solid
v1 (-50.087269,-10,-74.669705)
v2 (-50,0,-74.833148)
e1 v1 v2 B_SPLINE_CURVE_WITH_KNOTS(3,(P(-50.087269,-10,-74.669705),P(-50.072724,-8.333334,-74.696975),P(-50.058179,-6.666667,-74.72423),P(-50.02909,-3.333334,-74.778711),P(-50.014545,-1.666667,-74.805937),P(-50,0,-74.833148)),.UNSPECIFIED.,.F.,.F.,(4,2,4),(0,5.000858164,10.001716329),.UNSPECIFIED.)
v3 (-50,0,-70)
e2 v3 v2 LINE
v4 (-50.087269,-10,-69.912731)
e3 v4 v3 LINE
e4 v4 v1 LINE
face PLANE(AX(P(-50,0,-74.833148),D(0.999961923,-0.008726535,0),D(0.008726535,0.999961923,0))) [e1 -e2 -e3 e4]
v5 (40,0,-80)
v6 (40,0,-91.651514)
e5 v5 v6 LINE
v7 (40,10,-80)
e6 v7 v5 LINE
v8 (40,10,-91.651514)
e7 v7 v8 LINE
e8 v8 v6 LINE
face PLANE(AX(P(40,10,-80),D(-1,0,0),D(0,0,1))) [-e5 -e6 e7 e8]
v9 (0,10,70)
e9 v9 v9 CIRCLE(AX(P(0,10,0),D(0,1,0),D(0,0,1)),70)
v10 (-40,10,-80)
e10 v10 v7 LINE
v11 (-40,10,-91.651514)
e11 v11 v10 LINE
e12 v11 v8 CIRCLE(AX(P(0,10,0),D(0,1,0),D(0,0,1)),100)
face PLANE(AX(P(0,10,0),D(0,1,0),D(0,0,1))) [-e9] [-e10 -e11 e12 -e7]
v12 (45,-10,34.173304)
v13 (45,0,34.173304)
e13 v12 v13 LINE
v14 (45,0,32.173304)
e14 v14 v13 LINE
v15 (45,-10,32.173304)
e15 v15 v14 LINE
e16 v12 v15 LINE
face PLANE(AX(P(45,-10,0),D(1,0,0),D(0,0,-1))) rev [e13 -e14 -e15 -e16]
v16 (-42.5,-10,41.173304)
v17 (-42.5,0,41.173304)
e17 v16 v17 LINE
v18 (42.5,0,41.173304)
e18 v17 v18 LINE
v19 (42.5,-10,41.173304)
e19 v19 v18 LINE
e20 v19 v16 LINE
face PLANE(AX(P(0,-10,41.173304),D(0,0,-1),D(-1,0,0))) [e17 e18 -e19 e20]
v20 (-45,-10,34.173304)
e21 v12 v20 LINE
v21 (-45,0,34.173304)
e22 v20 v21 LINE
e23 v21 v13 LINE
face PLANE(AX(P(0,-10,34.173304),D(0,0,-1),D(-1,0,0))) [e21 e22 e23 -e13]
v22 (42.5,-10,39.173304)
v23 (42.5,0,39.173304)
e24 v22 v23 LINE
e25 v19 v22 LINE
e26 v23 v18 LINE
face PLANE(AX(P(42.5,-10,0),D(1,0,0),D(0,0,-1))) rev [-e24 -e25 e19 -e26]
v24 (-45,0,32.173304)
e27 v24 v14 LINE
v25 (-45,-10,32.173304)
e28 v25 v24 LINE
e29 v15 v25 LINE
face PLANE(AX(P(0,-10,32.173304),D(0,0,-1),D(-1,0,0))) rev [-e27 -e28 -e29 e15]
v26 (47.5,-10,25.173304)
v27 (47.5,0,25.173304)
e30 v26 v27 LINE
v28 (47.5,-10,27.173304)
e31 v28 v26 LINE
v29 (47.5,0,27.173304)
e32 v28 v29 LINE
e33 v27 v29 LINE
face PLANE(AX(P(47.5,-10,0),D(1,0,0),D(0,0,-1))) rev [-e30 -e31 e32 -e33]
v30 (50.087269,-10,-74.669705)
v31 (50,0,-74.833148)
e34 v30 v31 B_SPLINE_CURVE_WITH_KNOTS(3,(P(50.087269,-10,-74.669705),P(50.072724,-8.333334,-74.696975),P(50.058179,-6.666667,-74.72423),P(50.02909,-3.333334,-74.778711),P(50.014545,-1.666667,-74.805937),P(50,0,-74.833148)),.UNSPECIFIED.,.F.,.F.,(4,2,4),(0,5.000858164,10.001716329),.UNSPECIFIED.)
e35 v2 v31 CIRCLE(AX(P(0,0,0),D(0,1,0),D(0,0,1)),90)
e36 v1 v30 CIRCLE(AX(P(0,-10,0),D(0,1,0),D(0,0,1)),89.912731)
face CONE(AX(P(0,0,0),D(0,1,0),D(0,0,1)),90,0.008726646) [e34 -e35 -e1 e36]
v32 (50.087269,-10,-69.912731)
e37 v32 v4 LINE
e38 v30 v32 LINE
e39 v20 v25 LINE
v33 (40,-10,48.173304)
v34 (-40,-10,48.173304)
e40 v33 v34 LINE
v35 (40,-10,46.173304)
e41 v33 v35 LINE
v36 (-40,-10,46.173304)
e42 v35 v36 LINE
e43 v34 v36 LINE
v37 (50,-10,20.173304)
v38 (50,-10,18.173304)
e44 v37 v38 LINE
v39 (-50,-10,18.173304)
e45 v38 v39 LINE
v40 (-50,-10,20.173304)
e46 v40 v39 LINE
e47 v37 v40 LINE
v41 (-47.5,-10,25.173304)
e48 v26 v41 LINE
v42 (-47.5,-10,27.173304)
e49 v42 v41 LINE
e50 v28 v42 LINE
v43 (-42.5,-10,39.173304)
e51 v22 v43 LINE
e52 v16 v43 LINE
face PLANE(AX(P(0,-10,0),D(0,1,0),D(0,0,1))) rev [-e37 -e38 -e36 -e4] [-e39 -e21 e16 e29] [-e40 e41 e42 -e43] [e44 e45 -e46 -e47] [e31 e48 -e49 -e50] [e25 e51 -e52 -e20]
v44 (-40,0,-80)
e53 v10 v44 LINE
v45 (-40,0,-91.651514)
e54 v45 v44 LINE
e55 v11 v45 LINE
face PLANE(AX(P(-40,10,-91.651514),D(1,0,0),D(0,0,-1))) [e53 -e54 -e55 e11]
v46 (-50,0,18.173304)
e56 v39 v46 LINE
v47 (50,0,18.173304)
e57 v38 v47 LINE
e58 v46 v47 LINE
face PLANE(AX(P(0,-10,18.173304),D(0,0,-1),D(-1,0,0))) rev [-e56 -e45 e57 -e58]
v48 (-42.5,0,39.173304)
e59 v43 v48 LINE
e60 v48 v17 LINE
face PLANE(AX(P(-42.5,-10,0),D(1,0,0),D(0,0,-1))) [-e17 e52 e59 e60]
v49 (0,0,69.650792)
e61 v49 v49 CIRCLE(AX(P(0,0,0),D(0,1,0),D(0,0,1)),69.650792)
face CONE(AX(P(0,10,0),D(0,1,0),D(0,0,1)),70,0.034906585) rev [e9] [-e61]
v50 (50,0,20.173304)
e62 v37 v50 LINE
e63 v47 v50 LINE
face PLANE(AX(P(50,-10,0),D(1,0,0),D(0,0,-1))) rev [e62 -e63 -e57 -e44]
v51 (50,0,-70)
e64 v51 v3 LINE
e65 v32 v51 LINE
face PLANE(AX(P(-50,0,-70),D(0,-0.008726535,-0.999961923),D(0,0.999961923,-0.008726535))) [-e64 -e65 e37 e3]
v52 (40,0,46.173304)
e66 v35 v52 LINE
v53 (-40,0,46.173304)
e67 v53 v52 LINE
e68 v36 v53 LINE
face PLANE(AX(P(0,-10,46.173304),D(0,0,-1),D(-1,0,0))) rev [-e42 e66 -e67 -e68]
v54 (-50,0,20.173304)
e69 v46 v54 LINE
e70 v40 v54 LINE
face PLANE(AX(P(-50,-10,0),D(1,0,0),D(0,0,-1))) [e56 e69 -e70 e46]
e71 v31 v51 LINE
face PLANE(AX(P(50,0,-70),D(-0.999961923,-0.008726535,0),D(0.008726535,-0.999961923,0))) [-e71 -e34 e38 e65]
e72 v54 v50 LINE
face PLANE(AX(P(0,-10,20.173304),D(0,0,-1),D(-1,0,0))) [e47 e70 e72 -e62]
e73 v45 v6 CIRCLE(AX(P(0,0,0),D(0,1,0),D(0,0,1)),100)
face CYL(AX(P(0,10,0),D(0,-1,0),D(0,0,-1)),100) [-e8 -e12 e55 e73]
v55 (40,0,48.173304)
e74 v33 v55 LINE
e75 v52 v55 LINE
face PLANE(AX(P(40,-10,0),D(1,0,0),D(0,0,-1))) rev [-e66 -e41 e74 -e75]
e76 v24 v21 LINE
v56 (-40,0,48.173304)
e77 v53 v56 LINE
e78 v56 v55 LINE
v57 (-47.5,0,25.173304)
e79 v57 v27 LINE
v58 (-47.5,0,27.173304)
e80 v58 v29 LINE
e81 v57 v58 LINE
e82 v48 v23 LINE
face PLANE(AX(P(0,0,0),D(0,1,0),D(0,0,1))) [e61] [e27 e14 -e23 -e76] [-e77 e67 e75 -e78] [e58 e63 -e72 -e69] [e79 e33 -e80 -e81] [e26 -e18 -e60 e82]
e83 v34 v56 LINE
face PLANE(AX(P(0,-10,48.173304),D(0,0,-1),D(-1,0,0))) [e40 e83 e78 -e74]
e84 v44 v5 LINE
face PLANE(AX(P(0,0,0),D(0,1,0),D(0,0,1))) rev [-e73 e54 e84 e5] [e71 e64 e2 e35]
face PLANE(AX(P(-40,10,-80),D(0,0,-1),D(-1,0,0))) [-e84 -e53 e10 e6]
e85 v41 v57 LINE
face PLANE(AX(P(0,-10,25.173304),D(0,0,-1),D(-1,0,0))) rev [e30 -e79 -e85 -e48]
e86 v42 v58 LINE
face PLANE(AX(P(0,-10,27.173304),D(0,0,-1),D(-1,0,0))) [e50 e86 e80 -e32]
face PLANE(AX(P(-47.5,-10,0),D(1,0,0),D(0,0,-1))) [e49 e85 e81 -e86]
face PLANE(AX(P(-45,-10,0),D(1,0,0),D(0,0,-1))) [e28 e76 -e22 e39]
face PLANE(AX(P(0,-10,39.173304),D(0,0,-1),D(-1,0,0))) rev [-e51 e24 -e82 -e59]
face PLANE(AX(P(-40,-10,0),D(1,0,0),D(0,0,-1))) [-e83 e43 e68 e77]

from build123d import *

# Parameters (mm, degrees)
BOSS_EXTRUDE1_DEPTH = 10
BOSS_EXTRUDE1_DRAFT = -0.5
BOSS_EXTRUDE2_DEPTH = 10
SKETCH3_W           = 100
SKETCH3_H           = 2
SKETCH3_W_2         = 95
SKETCH3_W_3         = 90
SKETCH3_W_4         = 85
SKETCH3_W_5         = 80
CUT_EXTRUDE1_DEPTH  = 143.828568571
SKETCH4_R           = 70
CUT_EXTRUDE2_DEPTH  = 10
CUT_EXTRUDE2_DRAFT  = -2


with BuildPart() as part:
    # Sketch1 → Boss-Extrude1 (with draft: the straight prism first)
    with BuildSketch(Plane(origin=(0, 0, 0), x_dir=(1, 0, 0), z_dir=(0, 1, 0))):
        with BuildLine():
            ThreePointArc((-50, 74.833147735), (0, -90), (50, 74.833147735))
            Line((50, 74.833147735), (50, 70))
            Line((50, 70), (-50, 70))
            Line((-50, 70), (-50, 74.833147735))
        make_face()
    extrude(amount=-BOSS_EXTRUDE1_DEPTH)
    # Boss-Extrude1: the draft: its side faces are tilted about the plane it starts from
    boss_extrude1_sides = [part.faces().sort_by_distance(p)[0] for p in [
        (50, -5, -72.416573868),
        (0, -5, -70),
        (-50, -5, -72.416573868),
        (0, -5, 90),
    ]]
    draft(boss_extrude1_sides, Plane(origin=(0, 0, 0), x_dir=(1, 0, 0), z_dir=(0, 1, 0)), BOSS_EXTRUDE1_DRAFT)

    # Sketch2 → Boss-Extrude2 (add)
    with BuildSketch(Plane(origin=(0, 0, 0), x_dir=(1, 0, 0), z_dir=(0, 1, 0))):
        with BuildLine():
            Line((-40, 91.651513899), (-40, 80))
            Line((-40, 80), (40, 80))
            Line((40, 80), (40, 91.651513899))
            ThreePointArc((40, 91.651513899), (0, -100), (-40, 91.651513899))
        make_face()
    extrude(amount=BOSS_EXTRUDE2_DEPTH)

    # Sketch3 → Cut-Extrude1 (cut, through all)
    with BuildSketch(Plane(origin=(0, 10, 0), x_dir=(1, 0, 0), z_dir=(0, 1, 0))):
        with Locations((0, -19.17330362)):
            Rectangle(SKETCH3_W, SKETCH3_H)
        with Locations((0, -26.17330362)):
            Rectangle(SKETCH3_W_2, SKETCH3_H)
        with Locations((0, -33.17330362)):
            Rectangle(SKETCH3_W_3, SKETCH3_H)
        with Locations((0, -40.17330362)):
            Rectangle(SKETCH3_W_4, SKETCH3_H)
        with Locations((0, -47.17330362)):
            Rectangle(SKETCH3_W_5, SKETCH3_H)
    extrude(amount=-CUT_EXTRUDE1_DEPTH, mode=Mode.SUBTRACT)


with BuildPart() as cut_extrude2_tool:
    # Sketch4 → Cut-Extrude2 (with draft: the straight prism first)
    with BuildSketch(Plane(origin=(0, 10, 0), x_dir=(1, 0, 0), z_dir=(0, 1, 0))):
        Circle(SKETCH4_R)
    extrude(amount=-CUT_EXTRUDE2_DEPTH)
    # Cut-Extrude2: the draft: its side faces are tilted about the plane it starts from
    cut_extrude2_sides = [cut_extrude2_tool.faces().sort_by_distance(p)[0] for p in [
        (-70, 5, 0),
    ]]
    draft(cut_extrude2_sides, Plane(origin=(0, 10, 0), x_dir=(1, 0, 0), z_dir=(0, 1, 0)), CUT_EXTRUDE2_DRAFT)


with BuildPart() as part_1:
    add(part.part)

    # Cut-Extrude2: cut by cut_extrude2_tool
    add(cut_extrude2_tool.part, mode=Mode.SUBTRACT)


solid = part_1.part
